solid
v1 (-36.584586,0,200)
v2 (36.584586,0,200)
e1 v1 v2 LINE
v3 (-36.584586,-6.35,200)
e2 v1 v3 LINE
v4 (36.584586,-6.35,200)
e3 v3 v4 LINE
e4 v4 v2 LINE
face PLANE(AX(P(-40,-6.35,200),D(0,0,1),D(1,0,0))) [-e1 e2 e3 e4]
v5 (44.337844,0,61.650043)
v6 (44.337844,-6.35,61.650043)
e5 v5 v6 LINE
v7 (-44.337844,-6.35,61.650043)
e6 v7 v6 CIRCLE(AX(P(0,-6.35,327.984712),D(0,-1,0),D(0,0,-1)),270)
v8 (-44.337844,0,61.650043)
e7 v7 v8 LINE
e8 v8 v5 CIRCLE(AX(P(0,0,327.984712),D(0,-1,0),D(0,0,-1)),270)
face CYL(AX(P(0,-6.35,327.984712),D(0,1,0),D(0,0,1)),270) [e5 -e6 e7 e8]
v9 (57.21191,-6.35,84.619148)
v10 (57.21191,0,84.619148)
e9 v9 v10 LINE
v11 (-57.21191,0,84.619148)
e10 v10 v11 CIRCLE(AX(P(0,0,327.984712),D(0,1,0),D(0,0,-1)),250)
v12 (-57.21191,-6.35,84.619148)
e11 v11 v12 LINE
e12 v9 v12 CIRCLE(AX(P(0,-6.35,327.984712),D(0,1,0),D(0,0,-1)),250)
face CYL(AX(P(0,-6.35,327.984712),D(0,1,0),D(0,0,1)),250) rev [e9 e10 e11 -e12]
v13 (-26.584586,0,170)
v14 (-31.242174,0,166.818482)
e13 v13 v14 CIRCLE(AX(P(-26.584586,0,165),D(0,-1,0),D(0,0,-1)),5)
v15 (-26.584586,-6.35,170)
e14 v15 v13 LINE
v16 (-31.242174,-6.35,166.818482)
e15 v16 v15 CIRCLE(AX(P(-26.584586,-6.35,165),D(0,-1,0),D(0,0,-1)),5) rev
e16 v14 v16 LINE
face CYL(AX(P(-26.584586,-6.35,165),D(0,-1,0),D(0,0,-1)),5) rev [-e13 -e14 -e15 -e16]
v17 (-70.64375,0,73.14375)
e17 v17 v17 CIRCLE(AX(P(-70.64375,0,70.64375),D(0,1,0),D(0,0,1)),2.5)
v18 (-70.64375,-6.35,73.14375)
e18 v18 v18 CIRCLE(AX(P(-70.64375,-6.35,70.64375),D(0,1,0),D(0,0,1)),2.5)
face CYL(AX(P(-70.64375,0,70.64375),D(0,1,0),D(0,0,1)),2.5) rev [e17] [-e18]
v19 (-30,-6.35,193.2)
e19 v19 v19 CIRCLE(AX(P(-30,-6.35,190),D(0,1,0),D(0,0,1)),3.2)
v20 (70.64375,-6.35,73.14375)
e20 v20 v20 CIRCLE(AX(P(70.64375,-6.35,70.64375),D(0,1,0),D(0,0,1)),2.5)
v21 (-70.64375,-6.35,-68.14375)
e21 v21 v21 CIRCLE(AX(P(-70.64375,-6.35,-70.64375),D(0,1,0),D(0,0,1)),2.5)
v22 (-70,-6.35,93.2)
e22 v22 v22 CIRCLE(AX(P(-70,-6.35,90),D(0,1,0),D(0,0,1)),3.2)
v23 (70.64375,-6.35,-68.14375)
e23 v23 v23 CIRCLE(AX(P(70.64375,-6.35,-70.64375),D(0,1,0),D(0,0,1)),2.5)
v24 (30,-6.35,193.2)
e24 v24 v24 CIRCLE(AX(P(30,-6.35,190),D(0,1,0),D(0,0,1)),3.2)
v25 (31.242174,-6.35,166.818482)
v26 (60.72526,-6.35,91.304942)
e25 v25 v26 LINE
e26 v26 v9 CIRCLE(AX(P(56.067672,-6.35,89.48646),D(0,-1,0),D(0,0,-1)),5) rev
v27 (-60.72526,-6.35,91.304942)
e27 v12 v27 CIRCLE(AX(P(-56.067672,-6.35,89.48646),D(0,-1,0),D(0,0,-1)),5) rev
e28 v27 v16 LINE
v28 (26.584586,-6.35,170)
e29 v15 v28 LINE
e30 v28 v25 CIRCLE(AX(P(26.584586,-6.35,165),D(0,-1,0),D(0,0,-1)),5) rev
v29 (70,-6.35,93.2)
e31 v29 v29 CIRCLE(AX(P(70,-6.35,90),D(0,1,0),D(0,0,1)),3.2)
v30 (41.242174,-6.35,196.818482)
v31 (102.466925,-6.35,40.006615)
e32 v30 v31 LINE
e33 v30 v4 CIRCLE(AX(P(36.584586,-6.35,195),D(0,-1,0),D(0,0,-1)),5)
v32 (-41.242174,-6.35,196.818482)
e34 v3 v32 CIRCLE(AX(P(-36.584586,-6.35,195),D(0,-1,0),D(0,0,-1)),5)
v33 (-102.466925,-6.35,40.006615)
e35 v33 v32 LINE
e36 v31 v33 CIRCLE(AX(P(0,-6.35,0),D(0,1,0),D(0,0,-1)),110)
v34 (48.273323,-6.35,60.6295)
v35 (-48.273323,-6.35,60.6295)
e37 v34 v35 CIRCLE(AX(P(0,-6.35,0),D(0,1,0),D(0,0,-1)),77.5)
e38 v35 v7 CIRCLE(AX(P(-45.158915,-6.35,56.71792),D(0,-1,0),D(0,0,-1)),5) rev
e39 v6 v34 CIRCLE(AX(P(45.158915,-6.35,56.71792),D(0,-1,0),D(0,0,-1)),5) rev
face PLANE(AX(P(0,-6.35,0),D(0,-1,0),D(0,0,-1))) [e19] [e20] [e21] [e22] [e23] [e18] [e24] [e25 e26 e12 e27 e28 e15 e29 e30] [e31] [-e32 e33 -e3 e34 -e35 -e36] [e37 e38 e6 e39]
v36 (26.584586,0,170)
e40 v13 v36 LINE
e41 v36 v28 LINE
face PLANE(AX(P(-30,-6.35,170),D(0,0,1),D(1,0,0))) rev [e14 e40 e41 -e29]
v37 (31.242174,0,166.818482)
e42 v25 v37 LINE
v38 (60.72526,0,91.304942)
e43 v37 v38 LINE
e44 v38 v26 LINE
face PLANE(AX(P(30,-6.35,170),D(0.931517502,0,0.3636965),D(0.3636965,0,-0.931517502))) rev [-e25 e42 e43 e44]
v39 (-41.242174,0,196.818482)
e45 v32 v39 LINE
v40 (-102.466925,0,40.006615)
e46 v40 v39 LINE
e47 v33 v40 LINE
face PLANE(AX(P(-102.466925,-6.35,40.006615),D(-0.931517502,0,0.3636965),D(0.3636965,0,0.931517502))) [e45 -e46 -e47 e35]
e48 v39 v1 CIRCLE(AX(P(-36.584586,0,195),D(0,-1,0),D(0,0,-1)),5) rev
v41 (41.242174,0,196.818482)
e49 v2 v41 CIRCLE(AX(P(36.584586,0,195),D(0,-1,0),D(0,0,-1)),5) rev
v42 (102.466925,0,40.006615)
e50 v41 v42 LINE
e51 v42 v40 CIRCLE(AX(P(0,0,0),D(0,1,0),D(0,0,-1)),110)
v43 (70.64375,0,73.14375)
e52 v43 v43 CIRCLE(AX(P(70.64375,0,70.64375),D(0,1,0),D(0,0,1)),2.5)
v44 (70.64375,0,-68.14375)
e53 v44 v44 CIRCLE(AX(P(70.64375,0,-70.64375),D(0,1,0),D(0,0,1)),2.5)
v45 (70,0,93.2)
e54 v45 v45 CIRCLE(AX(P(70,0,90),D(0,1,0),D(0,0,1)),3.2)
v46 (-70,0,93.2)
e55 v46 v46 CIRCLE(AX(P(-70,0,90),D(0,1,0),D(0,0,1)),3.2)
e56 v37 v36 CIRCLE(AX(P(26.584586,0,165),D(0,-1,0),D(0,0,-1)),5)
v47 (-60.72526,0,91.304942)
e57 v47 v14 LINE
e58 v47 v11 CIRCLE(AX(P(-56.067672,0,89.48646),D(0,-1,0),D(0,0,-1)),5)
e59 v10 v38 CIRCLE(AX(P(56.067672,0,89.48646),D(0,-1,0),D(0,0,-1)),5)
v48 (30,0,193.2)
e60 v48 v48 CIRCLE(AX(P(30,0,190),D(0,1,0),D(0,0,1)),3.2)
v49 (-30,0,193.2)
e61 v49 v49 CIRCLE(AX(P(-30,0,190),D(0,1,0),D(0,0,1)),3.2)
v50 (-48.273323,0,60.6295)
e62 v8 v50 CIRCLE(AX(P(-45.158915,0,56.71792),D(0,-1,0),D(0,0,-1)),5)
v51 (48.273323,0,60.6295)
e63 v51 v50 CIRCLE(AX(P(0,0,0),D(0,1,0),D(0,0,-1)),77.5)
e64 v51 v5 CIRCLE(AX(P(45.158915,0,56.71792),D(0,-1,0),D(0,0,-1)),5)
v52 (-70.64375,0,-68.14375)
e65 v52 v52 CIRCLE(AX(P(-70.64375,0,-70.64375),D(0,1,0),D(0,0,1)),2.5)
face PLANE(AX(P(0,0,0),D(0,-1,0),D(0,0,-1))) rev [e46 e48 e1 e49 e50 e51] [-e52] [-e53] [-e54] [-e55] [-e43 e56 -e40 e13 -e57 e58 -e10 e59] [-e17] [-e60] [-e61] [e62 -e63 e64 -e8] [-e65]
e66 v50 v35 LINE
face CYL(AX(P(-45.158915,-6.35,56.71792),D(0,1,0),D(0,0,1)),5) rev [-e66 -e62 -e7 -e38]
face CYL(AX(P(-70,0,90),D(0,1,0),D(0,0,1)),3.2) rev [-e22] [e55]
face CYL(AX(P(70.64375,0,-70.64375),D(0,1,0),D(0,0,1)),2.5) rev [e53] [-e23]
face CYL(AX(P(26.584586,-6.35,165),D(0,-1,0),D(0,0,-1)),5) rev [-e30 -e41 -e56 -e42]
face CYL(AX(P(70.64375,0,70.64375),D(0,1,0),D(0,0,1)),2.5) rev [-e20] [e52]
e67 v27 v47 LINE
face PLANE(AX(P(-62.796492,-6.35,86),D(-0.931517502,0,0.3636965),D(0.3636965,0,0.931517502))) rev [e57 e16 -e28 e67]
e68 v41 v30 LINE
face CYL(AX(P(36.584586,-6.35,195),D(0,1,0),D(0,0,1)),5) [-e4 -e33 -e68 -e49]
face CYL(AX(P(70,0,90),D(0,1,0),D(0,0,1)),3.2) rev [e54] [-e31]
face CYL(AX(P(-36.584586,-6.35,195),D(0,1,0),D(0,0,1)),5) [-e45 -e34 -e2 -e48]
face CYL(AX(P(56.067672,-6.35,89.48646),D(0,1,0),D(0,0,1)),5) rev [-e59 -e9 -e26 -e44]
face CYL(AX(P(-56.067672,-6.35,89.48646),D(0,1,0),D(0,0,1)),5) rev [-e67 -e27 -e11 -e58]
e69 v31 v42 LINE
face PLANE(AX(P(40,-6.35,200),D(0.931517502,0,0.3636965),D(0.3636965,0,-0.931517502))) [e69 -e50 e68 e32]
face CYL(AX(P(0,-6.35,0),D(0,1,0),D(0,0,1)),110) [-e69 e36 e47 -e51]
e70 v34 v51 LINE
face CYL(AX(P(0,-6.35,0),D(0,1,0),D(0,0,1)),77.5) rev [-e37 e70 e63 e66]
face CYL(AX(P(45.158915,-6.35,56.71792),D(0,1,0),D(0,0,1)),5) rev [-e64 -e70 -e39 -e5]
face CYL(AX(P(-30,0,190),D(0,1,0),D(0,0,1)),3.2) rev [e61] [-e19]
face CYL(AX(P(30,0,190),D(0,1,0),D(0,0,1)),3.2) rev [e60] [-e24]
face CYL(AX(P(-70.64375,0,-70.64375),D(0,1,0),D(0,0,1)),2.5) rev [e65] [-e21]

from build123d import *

# Parameters (mm, degrees)
BOSS_EXTRUDE1_DEPTH         = 6.35
M6_CLEARANCE_HOLE1_D        = 6.4
TAP_DRILL_FOR_M6X1_0_TAP1_D = 5
FILLET1_R                   = 5
FILLET2_R                   = 5


with BuildPart() as part:
    # Sketch1 → Boss-Extrude1 (new body)
    with BuildSketch(Plane(origin=(0, 0, 0), x_dir=(1, 0, 0), z_dir=(0, 1, 0))):
        with BuildLine():
            Line((-102.466925197, -40.006614961), (-40, -200))
            Line((-40, -200), (40, -200))
            Line((40, -200), (102.466925197, -40.006614961))
            ThreePointArc((102.466925197, -40.006614961), (0, 110), (-102.466925197, -40.006614961))
        make_face()
        with BuildLine():
            Line((-30, -170), (30, -170))
            Line((30, -170), (62.79649165, -86))
            ThreePointArc((62.79649165, -86), (0, -77.984711576), (-62.79649165, -86))
            Line((-62.79649165, -86), (-30, -170))
        make_face(mode=Mode.SUBTRACT)
        with BuildLine():
            ThreePointArc((-46.479429348, -62.015422658), (0, -57.984711576), (46.479429348, -62.015422658))
            ThreePointArc((46.479429348, -62.015422658), (0, 77.5), (-46.479429348, -62.015422658))
        make_face(mode=Mode.SUBTRACT)
    extrude(amount=-BOSS_EXTRUDE1_DEPTH)

    # M6 Clearance Hole1 (through all)
    with Locations(Plane(origin=(-70, 0, 90), x_dir=(0, 0, 1), z_dir=(0, 1, 0))):
        with Locations((0, 0), (100, 40), (100, 100), (0, 140)):
            Hole(M6_CLEARANCE_HOLE1_D / 2)

    # Tap Drill for M6x1.0 Tap1 (through all)
    with Locations(Plane(origin=(-70.64375, 0, 70.64375), x_dir=(0, 0, 1), z_dir=(0, 1, 0))):
        with Locations((0, 0), (-141.2875, 0), (-141.2875, 141.2875), (0, 141.2875)):
            Hole(TAP_DRILL_FOR_M6X1_0_TAP1_D / 2)

    # Fillet1
    fillet1_edges = [part.edges().sort_by_distance(p)[0] for p in [
        (-46.479429348, -3.175, 62.015422658),
        (46.479429348, -3.175, 62.015422658),
        (-30, -3.175, 170),
        (-62.79649165, -3.175, 86),
        (62.79649165, -3.175, 86),
        (30, -3.175, 170),
    ]]
    fillet(fillet1_edges, radius=FILLET1_R)

    # Fillet2
    fillet2_edges = [part.edges().sort_by_distance(p)[0] for p in [
        (40, -3.175, 200),
        (-40, -3.175, 200),
    ]]
    fillet(fillet2_edges, radius=FILLET2_R)


solid = part.part
